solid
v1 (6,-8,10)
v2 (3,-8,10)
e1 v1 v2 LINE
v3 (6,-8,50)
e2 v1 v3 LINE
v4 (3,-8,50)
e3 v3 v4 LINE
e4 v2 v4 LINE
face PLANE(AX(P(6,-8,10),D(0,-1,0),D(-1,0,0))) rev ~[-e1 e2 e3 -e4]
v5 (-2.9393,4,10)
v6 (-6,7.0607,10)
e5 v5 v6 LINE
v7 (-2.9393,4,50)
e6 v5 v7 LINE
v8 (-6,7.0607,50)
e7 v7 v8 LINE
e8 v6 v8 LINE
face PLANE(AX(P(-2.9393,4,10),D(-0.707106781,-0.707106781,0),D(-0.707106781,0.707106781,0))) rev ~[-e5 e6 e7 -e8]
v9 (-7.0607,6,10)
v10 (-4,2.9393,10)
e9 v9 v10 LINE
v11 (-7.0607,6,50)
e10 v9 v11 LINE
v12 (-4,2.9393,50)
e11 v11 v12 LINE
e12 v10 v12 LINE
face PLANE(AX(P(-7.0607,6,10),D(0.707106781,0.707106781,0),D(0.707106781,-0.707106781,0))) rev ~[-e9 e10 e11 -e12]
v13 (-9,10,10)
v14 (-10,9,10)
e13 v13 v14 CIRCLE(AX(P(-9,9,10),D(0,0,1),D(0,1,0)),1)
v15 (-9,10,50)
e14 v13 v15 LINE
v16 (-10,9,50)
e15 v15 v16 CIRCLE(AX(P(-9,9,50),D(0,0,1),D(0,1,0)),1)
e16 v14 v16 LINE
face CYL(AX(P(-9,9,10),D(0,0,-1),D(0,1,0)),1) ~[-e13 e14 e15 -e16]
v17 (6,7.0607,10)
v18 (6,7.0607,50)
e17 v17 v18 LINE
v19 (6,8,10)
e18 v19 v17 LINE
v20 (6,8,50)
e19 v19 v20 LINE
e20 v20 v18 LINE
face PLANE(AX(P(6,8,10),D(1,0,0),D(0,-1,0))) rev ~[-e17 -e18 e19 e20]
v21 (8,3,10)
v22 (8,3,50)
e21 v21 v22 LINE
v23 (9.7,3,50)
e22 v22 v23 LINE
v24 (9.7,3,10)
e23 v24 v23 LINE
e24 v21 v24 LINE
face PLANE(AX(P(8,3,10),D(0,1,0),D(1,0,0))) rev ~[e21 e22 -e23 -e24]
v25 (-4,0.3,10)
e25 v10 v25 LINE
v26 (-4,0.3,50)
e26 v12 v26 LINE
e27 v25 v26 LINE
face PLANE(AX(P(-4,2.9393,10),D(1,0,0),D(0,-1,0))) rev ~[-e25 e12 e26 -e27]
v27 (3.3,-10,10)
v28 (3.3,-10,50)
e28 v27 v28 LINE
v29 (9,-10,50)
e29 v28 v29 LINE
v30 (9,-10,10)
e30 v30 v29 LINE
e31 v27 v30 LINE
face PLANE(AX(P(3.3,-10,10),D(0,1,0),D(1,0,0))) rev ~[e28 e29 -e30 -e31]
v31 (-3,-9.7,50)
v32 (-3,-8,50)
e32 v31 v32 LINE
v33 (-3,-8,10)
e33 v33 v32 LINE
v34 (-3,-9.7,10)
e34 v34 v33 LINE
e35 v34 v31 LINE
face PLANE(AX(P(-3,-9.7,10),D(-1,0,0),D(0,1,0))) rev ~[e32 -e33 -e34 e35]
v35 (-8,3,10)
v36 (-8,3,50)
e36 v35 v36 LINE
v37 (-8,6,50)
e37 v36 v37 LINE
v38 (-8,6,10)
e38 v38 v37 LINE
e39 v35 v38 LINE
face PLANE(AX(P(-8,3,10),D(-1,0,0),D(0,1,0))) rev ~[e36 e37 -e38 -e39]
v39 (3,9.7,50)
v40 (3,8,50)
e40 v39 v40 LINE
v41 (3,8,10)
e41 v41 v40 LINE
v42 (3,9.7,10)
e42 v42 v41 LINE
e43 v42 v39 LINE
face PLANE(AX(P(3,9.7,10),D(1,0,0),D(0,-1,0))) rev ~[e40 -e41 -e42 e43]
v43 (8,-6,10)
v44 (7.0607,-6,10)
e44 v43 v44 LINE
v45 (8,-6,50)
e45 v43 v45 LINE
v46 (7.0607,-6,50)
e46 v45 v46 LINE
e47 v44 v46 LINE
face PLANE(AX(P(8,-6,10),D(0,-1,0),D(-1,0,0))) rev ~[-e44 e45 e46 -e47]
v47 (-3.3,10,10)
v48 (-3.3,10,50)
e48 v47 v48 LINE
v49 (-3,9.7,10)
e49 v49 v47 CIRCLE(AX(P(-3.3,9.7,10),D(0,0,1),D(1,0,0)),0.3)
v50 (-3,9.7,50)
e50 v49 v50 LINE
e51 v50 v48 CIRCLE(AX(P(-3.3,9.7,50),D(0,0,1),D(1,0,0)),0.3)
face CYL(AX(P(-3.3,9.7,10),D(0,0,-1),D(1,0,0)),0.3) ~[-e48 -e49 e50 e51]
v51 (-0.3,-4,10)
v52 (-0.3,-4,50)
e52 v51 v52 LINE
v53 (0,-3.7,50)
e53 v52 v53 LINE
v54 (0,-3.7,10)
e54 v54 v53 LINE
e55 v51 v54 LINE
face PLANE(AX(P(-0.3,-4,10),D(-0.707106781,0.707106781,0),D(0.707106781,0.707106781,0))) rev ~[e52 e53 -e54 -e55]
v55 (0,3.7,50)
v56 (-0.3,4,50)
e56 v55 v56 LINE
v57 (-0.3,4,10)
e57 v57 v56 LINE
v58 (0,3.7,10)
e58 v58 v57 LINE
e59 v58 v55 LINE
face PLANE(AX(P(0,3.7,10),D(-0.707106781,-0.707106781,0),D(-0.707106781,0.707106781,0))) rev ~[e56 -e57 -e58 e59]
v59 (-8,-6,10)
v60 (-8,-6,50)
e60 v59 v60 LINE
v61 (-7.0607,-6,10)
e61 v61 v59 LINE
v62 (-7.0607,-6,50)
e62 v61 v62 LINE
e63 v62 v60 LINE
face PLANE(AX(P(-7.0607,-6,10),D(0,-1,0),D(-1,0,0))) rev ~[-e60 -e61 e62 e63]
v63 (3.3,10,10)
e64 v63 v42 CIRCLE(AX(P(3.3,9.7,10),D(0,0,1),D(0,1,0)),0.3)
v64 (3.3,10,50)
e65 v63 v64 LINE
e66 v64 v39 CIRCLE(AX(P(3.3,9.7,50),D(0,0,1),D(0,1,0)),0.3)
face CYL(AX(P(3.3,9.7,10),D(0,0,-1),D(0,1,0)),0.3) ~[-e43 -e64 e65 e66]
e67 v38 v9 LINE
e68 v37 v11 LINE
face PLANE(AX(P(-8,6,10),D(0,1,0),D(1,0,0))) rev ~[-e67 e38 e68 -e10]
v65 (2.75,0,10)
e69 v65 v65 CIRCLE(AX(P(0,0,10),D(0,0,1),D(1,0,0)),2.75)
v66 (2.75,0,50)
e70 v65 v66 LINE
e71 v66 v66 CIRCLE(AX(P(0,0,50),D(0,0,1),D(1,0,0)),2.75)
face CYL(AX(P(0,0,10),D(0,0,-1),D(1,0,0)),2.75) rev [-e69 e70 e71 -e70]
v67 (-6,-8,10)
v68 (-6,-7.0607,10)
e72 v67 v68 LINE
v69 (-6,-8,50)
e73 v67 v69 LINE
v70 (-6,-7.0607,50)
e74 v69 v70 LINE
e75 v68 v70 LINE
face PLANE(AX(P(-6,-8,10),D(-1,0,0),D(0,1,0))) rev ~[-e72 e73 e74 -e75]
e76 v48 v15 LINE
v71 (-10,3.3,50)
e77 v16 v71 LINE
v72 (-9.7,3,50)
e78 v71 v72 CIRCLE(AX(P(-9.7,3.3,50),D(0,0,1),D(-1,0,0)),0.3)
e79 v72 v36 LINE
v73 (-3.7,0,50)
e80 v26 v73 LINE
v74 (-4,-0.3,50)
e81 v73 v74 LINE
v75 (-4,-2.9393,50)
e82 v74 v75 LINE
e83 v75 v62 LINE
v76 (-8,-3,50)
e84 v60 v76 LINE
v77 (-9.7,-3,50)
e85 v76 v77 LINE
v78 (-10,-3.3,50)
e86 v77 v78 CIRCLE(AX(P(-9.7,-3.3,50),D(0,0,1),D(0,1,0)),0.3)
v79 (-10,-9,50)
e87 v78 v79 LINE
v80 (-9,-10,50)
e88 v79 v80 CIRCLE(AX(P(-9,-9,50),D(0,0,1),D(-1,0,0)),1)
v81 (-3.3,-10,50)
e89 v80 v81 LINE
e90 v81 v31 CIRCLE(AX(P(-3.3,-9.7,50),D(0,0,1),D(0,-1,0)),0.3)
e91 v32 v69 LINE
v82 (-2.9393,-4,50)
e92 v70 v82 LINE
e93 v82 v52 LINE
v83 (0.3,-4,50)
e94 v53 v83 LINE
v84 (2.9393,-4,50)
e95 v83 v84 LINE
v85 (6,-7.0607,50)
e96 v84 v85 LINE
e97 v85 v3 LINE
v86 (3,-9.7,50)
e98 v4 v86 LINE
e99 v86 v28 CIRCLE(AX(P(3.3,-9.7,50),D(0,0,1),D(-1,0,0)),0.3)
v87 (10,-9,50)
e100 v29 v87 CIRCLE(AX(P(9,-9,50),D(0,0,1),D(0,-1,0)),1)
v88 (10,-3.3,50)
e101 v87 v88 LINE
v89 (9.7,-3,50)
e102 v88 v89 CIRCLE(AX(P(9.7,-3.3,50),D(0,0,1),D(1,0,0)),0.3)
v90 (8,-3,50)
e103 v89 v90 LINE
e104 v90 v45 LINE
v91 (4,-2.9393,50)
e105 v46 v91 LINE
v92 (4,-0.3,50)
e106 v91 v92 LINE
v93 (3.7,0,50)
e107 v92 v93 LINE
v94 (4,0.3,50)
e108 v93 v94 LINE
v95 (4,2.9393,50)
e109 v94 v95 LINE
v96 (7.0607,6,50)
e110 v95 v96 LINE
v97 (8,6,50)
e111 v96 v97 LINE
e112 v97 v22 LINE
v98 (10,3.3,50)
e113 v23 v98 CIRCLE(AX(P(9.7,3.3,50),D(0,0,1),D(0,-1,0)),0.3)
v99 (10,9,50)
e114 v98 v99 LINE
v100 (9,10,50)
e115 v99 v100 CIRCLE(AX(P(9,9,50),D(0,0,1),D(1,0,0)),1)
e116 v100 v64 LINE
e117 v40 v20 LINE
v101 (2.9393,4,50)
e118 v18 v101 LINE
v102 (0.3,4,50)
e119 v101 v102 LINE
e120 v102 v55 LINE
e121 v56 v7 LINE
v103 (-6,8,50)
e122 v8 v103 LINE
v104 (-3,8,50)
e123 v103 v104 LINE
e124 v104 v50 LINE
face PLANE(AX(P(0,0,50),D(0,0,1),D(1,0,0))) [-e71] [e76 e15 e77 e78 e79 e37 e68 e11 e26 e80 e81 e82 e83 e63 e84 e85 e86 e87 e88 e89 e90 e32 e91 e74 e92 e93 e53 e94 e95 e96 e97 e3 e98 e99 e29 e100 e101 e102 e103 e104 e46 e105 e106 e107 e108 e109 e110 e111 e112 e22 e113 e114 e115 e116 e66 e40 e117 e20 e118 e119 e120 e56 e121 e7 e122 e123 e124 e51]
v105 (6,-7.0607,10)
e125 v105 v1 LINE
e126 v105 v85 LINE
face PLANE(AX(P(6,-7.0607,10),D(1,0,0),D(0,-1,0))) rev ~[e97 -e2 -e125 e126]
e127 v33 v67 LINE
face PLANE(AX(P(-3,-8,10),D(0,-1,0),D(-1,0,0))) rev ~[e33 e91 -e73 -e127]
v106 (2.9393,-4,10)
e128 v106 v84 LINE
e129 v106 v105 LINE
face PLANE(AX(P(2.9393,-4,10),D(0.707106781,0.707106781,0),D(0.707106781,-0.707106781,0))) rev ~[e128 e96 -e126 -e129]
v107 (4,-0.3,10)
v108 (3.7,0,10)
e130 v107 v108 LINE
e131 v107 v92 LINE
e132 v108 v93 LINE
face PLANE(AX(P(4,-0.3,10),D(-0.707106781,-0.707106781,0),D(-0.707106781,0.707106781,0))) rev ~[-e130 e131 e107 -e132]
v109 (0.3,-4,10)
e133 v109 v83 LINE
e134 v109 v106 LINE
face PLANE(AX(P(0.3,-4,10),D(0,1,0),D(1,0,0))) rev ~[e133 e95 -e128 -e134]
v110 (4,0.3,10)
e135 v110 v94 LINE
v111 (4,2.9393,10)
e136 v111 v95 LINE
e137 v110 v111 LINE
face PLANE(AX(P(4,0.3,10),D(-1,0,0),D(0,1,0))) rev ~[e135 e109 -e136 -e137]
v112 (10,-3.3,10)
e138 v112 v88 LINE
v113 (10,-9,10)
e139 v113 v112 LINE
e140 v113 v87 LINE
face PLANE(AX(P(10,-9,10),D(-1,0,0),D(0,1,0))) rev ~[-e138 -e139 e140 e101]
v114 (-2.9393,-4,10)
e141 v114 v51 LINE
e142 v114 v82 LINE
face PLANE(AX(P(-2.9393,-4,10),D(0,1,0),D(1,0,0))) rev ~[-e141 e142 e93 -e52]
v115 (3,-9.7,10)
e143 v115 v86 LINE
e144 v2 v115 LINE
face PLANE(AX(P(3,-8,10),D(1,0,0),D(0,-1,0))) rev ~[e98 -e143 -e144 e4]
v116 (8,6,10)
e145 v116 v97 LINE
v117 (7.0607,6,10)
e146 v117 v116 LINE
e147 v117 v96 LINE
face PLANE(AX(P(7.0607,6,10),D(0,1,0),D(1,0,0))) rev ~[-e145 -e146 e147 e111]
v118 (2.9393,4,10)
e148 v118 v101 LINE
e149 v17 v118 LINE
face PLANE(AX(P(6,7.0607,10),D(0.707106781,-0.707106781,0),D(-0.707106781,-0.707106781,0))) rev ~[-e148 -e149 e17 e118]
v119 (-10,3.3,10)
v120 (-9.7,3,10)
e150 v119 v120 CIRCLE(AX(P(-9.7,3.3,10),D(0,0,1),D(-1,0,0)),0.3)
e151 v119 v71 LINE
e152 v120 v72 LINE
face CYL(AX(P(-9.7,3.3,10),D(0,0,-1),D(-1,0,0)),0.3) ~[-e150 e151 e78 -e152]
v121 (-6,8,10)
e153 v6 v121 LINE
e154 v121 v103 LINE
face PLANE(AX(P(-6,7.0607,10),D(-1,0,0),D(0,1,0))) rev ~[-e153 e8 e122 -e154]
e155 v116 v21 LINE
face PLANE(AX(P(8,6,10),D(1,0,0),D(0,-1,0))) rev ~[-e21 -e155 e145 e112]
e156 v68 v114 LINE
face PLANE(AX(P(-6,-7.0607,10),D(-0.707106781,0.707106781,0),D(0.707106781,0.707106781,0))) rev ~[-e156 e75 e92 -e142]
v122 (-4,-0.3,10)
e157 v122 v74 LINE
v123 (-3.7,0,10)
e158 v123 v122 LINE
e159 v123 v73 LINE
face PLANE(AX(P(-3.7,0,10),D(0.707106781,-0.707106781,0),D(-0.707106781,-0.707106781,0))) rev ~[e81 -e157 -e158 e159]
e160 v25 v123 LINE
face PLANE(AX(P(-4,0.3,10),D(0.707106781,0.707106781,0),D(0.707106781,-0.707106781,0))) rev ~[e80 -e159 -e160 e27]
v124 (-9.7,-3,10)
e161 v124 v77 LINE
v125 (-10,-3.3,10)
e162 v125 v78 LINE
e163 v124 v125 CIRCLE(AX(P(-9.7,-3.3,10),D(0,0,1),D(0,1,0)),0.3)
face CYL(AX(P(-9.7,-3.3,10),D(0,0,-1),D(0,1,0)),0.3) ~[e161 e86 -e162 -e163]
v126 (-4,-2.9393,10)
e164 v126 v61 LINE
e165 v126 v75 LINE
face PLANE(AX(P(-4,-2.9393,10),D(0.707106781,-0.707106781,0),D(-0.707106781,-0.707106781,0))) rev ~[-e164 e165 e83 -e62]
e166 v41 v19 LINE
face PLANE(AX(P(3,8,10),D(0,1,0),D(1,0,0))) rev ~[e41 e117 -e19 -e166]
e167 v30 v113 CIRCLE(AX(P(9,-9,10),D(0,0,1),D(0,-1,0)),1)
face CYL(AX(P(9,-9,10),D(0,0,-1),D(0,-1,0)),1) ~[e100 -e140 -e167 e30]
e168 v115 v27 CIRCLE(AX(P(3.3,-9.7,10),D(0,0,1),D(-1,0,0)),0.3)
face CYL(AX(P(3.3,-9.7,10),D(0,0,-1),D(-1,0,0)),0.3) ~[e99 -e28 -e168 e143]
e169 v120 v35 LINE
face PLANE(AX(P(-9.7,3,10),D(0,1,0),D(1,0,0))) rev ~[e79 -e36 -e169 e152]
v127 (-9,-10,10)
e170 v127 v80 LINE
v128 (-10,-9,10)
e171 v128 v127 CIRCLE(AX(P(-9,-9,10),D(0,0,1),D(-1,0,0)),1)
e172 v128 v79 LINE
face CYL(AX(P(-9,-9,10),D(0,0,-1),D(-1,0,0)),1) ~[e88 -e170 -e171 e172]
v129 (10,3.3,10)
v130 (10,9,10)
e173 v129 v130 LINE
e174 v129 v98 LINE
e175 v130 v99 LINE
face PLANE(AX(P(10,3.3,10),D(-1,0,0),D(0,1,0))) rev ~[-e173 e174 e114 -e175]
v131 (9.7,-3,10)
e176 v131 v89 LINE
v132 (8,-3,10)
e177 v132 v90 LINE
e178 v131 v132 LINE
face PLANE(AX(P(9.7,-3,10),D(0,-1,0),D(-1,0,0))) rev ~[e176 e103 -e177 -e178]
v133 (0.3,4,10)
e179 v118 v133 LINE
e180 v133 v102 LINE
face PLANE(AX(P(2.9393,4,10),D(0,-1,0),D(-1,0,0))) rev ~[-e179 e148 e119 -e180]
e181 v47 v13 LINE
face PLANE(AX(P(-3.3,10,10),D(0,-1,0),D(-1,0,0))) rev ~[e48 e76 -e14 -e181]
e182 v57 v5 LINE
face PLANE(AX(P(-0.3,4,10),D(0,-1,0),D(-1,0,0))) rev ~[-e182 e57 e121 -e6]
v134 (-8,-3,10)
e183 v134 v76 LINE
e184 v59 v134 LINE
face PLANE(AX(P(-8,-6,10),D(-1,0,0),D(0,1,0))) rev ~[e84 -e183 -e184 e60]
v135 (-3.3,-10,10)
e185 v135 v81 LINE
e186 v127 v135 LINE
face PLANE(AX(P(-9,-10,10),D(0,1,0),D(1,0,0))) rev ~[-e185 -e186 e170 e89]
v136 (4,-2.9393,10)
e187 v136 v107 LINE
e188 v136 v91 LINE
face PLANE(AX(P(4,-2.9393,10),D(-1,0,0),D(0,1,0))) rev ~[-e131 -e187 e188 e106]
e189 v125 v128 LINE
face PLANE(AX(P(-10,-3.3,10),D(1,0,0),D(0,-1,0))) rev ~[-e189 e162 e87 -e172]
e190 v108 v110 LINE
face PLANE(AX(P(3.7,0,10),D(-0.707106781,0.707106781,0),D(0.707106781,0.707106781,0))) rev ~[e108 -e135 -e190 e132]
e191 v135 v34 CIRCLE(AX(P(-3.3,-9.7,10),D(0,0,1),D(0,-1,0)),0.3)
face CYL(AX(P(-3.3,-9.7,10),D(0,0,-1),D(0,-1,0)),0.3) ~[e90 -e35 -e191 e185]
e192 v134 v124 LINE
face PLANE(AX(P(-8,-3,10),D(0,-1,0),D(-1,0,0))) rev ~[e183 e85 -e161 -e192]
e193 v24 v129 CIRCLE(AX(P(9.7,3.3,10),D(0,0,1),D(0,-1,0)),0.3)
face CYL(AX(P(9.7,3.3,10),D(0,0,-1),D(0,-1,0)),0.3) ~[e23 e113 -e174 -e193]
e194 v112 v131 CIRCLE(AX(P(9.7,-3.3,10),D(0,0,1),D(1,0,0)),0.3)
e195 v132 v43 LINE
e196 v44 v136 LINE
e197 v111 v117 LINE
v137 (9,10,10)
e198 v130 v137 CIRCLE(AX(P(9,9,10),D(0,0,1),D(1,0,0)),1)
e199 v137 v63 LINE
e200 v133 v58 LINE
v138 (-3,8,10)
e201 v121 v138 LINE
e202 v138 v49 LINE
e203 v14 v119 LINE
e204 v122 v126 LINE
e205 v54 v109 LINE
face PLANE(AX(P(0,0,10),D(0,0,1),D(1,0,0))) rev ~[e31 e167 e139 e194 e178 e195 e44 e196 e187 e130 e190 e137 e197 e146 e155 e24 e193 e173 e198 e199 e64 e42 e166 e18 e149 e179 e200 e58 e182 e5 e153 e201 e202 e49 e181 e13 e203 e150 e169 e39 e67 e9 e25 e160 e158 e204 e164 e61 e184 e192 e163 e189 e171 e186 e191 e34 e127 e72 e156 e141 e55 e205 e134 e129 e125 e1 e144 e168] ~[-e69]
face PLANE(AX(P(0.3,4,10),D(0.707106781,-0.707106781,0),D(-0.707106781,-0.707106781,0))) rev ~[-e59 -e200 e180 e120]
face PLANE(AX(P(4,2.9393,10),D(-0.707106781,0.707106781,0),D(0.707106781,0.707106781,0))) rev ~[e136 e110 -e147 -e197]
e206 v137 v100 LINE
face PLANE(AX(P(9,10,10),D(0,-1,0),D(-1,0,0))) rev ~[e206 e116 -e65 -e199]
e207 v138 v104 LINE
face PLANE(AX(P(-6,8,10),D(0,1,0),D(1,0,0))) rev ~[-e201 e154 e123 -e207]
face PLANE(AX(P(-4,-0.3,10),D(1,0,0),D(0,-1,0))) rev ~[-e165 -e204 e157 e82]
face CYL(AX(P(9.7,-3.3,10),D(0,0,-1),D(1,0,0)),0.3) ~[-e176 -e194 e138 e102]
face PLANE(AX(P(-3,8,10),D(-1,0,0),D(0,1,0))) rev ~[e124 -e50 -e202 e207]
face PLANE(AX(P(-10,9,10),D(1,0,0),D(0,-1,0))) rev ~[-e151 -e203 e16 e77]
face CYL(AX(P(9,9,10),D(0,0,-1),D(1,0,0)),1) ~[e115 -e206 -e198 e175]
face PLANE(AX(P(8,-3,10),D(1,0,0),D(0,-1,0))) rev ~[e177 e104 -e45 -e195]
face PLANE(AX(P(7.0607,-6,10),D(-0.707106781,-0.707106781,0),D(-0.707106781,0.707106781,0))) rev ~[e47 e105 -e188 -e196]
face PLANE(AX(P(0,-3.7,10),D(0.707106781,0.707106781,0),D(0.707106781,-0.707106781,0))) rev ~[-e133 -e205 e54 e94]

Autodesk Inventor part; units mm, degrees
ref_plane "Startebene" through (0, 0, 0) normal (0, 0, 1) x (1, 0, 0)
ref_plane "Endebene" through (0, 0, 320) normal (0, 0, 1) x (1, 0, 0)
ref_plane "Startebene1" through (0, 0, 0) normal (0, 0, 1) x (1, 0, 0)
ref_plane "Endebene1" through (0, 0, 50) normal (0, 0, 1) x (1, 0, 0)
ref_plane "Startebene2" through (0, 0, 10) normal (0, 0, 1) x (1, 0, 0)
ref_plane "Endebene2" through (0, 0, 50) normal (0, 0, 1) x (1, 0, 0)
sketch "Skizze" plane through (0, 0, 0) normal (0, 0, 1) x (1, 0, 0)
  line L0 (-10, 9) -> (-10, 3.3)
  arc A0 (-10, 3.3) -> (-9.7, 3) centre (-9.7, 3.3) ccw
  line L1 (-9.7, 3) -> (-8, 3)
  line L2 (-8, 3) -> (-8, 6)
  line L3 (-8, 6) -> (-7.0607, 6)
  line L4 (-7.0607, 6) -> (-4, 2.9393)
  line L5 (-4, 2.9393) -> (-4, 0.3)
  line L6 (-4, 0.3) -> (-3.7, 0)
  line L7 (-3.7, 0) -> (-4, -0.3)
  line L8 (-4, -0.3) -> (-4, -2.9393)
  line L9 (-4, -2.9393) -> (-7.0607, -6)
  line L10 (-7.0607, -6) -> (-8, -6)
  line L11 (-8, -6) -> (-8, -3)
  line L12 (-8, -3) -> (-9.7, -3)
  arc A1 (-9.7, -3) -> (-10, -3.3) centre (-9.7, -3.3) ccw
  line L13 (-10, -3.3) -> (-10, -9)
  arc A2 (-10, -9) -> (-9, -10) centre (-9, -9) ccw
  line L14 (-9, -10) -> (-3.3, -10)
  arc A3 (-3.3, -10) -> (-3, -9.7) centre (-3.3, -9.7) ccw
  line L15 (-3, -9.7) -> (-3, -8)
  line L16 (-3, -8) -> (-6, -8)
  line L17 (-6, -8) -> (-6, -7.0607)
  line L18 (-6, -7.0607) -> (-2.9393, -4)
  line L19 (-2.9393, -4) -> (-0.3, -4)
  line L20 (-0.3, -4) -> (0, -3.7)
  line L21 (0, -3.7) -> (0.3, -4)
  line L22 (0.3, -4) -> (2.9393, -4)
  line L23 (2.9393, -4) -> (6, -7.0607)
  line L24 (6, -7.0607) -> (6, -8)
  line L25 (6, -8) -> (3, -8)
  line L26 (3, -8) -> (3, -9.7)
  arc A4 (3, -9.7) -> (3.3, -10) centre (3.3, -9.7) ccw
  line L27 (3.3, -10) -> (9, -10)
  arc A5 (9, -10) -> (10, -9) centre (9, -9) ccw
  line L28 (10, -9) -> (10, -3.3)
  arc A6 (10, -3.3) -> (9.7, -3) centre (9.7, -3.3) ccw
  line L29 (9.7, -3) -> (8, -3)
  line L30 (8, -3) -> (8, -6)
  line L31 (8, -6) -> (7.0607, -6)
  line L32 (7.0607, -6) -> (4, -2.9393)
  line L33 (4, -2.9393) -> (4, -0.3)
  line L34 (4, -0.3) -> (3.7, 0)
  line L35 (3.7, 0) -> (4, 0.3)
  line L36 (4, 0.3) -> (4, 2.9393)
  line L37 (4, 2.9393) -> (7.0607, 6)
  line L38 (7.0607, 6) -> (8, 6)
  line L39 (8, 6) -> (8, 3)
  line L40 (8, 3) -> (9.7, 3)
  arc A7 (9.7, 3) -> (10, 3.3) centre (9.7, 3.3) ccw
  line L41 (10, 3.3) -> (10, 9)
  arc A8 (10, 9) -> (9, 10) centre (9, 9) ccw
  line L42 (9, 10) -> (3.3, 10)
  arc A9 (3.3, 10) -> (3, 9.7) centre (3.3, 9.7) ccw
  line L43 (3, 9.7) -> (3, 8)
  line L44 (3, 8) -> (6, 8)
  line L45 (6, 8) -> (6, 7.0607)
  line L46 (6, 7.0607) -> (2.9393, 4)
  line L47 (2.9393, 4) -> (0.3, 4)
  line L48 (0.3, 4) -> (0, 3.7)
  line L49 (0, 3.7) -> (-0.3, 4)
  line L50 (-0.3, 4) -> (-2.9393, 4)
  line L51 (-2.9393, 4) -> (-6, 7.0607)
  line L52 (-6, 7.0607) -> (-6, 8)
  line L53 (-6, 8) -> (-3, 8)
  line L54 (-3, 8) -> (-3, 9.7)
  arc A10 (-3, 9.7) -> (-3.3, 10) centre (-3.3, 9.7) ccw
  line L55 (-3.3, 10) -> (-9, 10)
  arc A11 (-9, 10) -> (-10, 9) centre (-9, 9) ccw
  circle A12 centre (0, 0) radius 2.75
  dimension "d2" = 5.5
  dimension "d3" = 10
  dimension "d4" = 10
  dimension "d5" = 5.7
  dimension "d6" = 5.7
  dimension "d7" = 1.7
  dimension "d8" = 3
  dimension "d9" = 0.3
  dimension "d10" = 90
  dimension "d11" = 45
  dimension "d12" = 45
  dimension "d13" = 45
  dimension "d14" = 90
  dimension "d15" = 90
  dimension "d16" = 45
  dimension "d17" = 45
  dimension "d18" = 45
  dimension "d19" = 45
  dimension "d20" = 90
  dimension "d21" = 90
  dimension "d22" = 45
  dimension "d23" = 45
  dimension "d24" = 90
  dimension "d25" = 90
  dimension "d26" = 90
  dimension "d27" = 90
  dimension "d28" = 90
  dimension "d29" = 90
  dimension "d30" = 90
  dimension "d31" = 90
  dimension "d32" = 90
  dimension "d33" = 90
  dimension "d34" = 90
  dimension "d35" = 90
  dimension "d36" = 90
  dimension "d37" = 90
  dimension "d38" = 90
  dimension "d39" = 4
  dimension "d40" = 6
  dimension "d41" = 13
  dimension "d42" = 14
  dimension "d43" = 16
  dimension "d44" = 18
  dimension "d45" = 3
  dimension "d46" = 9
  dimension "d47" = 7
  dimension "d48" = 1
  dimension "d49" = 7
  dimension "d50" = 1.5
  dimension "d51" = 1.8663
  dimension "d52" = 3.3663
  dimension "d53" = 1.5
  dimension "d54" = 1.8663
  dimension "d55" = 3.3663
  dimension "d56" = 4
  dimension "d57" = 10.8187
  dimension "d58" = 1.9092
  dimension "d59" = 5
  dimension "d60" = 13
  dimension "d61" = 13
  dimension "d62" = 16.0513
  dimension "d63" = 3.3234
  dimension "d64" = 14
  dimension "d65" = 12.685
extrude "Körper" add sketch "Skizze" along normal up to surface (40 mm away) from surface at 10
sketch "Skizze13" plane through (0, 0, 0) normal (0, 0, 1) x (1, 0, 0)
  line L0 (0, 0) -> (10, 0)
ref_plane "Arbeitsebene12" through (0, 0, 0) normal (0, -1, 0) x (1, 0, 0)
sketch "Skizze14" plane through (0, 0, 0) normal (0, -1, 0) x (1, 0, 0)
  line L0 (-2, 10) -> (12, 10)
  line L1 (-2, 50) -> (12, 50)
  dimension "d80" = 40
ref_plane "Arbeitsebene13" through (0, -9, 10) normal (0, 0, -1) x (-1, 0, 0)
split "Trennen1" plane through (0, -9, 10) removes the side toward (0, 0, -1)
equation "\"G_OFFSET_START\" = 0"
equation "\"G_OFFSET_END\" = 0"
equation "\"G_L\" = d80"
equation "\"G_OFFSET_START1\" = 0"
equation "\"G_OFFSET_END1\" = 0"
equation "\"G_OFFSET_END2\" = 0"
properties part number "Alu Profil 20x20 - AP2020" material "Aluminium 6061"
